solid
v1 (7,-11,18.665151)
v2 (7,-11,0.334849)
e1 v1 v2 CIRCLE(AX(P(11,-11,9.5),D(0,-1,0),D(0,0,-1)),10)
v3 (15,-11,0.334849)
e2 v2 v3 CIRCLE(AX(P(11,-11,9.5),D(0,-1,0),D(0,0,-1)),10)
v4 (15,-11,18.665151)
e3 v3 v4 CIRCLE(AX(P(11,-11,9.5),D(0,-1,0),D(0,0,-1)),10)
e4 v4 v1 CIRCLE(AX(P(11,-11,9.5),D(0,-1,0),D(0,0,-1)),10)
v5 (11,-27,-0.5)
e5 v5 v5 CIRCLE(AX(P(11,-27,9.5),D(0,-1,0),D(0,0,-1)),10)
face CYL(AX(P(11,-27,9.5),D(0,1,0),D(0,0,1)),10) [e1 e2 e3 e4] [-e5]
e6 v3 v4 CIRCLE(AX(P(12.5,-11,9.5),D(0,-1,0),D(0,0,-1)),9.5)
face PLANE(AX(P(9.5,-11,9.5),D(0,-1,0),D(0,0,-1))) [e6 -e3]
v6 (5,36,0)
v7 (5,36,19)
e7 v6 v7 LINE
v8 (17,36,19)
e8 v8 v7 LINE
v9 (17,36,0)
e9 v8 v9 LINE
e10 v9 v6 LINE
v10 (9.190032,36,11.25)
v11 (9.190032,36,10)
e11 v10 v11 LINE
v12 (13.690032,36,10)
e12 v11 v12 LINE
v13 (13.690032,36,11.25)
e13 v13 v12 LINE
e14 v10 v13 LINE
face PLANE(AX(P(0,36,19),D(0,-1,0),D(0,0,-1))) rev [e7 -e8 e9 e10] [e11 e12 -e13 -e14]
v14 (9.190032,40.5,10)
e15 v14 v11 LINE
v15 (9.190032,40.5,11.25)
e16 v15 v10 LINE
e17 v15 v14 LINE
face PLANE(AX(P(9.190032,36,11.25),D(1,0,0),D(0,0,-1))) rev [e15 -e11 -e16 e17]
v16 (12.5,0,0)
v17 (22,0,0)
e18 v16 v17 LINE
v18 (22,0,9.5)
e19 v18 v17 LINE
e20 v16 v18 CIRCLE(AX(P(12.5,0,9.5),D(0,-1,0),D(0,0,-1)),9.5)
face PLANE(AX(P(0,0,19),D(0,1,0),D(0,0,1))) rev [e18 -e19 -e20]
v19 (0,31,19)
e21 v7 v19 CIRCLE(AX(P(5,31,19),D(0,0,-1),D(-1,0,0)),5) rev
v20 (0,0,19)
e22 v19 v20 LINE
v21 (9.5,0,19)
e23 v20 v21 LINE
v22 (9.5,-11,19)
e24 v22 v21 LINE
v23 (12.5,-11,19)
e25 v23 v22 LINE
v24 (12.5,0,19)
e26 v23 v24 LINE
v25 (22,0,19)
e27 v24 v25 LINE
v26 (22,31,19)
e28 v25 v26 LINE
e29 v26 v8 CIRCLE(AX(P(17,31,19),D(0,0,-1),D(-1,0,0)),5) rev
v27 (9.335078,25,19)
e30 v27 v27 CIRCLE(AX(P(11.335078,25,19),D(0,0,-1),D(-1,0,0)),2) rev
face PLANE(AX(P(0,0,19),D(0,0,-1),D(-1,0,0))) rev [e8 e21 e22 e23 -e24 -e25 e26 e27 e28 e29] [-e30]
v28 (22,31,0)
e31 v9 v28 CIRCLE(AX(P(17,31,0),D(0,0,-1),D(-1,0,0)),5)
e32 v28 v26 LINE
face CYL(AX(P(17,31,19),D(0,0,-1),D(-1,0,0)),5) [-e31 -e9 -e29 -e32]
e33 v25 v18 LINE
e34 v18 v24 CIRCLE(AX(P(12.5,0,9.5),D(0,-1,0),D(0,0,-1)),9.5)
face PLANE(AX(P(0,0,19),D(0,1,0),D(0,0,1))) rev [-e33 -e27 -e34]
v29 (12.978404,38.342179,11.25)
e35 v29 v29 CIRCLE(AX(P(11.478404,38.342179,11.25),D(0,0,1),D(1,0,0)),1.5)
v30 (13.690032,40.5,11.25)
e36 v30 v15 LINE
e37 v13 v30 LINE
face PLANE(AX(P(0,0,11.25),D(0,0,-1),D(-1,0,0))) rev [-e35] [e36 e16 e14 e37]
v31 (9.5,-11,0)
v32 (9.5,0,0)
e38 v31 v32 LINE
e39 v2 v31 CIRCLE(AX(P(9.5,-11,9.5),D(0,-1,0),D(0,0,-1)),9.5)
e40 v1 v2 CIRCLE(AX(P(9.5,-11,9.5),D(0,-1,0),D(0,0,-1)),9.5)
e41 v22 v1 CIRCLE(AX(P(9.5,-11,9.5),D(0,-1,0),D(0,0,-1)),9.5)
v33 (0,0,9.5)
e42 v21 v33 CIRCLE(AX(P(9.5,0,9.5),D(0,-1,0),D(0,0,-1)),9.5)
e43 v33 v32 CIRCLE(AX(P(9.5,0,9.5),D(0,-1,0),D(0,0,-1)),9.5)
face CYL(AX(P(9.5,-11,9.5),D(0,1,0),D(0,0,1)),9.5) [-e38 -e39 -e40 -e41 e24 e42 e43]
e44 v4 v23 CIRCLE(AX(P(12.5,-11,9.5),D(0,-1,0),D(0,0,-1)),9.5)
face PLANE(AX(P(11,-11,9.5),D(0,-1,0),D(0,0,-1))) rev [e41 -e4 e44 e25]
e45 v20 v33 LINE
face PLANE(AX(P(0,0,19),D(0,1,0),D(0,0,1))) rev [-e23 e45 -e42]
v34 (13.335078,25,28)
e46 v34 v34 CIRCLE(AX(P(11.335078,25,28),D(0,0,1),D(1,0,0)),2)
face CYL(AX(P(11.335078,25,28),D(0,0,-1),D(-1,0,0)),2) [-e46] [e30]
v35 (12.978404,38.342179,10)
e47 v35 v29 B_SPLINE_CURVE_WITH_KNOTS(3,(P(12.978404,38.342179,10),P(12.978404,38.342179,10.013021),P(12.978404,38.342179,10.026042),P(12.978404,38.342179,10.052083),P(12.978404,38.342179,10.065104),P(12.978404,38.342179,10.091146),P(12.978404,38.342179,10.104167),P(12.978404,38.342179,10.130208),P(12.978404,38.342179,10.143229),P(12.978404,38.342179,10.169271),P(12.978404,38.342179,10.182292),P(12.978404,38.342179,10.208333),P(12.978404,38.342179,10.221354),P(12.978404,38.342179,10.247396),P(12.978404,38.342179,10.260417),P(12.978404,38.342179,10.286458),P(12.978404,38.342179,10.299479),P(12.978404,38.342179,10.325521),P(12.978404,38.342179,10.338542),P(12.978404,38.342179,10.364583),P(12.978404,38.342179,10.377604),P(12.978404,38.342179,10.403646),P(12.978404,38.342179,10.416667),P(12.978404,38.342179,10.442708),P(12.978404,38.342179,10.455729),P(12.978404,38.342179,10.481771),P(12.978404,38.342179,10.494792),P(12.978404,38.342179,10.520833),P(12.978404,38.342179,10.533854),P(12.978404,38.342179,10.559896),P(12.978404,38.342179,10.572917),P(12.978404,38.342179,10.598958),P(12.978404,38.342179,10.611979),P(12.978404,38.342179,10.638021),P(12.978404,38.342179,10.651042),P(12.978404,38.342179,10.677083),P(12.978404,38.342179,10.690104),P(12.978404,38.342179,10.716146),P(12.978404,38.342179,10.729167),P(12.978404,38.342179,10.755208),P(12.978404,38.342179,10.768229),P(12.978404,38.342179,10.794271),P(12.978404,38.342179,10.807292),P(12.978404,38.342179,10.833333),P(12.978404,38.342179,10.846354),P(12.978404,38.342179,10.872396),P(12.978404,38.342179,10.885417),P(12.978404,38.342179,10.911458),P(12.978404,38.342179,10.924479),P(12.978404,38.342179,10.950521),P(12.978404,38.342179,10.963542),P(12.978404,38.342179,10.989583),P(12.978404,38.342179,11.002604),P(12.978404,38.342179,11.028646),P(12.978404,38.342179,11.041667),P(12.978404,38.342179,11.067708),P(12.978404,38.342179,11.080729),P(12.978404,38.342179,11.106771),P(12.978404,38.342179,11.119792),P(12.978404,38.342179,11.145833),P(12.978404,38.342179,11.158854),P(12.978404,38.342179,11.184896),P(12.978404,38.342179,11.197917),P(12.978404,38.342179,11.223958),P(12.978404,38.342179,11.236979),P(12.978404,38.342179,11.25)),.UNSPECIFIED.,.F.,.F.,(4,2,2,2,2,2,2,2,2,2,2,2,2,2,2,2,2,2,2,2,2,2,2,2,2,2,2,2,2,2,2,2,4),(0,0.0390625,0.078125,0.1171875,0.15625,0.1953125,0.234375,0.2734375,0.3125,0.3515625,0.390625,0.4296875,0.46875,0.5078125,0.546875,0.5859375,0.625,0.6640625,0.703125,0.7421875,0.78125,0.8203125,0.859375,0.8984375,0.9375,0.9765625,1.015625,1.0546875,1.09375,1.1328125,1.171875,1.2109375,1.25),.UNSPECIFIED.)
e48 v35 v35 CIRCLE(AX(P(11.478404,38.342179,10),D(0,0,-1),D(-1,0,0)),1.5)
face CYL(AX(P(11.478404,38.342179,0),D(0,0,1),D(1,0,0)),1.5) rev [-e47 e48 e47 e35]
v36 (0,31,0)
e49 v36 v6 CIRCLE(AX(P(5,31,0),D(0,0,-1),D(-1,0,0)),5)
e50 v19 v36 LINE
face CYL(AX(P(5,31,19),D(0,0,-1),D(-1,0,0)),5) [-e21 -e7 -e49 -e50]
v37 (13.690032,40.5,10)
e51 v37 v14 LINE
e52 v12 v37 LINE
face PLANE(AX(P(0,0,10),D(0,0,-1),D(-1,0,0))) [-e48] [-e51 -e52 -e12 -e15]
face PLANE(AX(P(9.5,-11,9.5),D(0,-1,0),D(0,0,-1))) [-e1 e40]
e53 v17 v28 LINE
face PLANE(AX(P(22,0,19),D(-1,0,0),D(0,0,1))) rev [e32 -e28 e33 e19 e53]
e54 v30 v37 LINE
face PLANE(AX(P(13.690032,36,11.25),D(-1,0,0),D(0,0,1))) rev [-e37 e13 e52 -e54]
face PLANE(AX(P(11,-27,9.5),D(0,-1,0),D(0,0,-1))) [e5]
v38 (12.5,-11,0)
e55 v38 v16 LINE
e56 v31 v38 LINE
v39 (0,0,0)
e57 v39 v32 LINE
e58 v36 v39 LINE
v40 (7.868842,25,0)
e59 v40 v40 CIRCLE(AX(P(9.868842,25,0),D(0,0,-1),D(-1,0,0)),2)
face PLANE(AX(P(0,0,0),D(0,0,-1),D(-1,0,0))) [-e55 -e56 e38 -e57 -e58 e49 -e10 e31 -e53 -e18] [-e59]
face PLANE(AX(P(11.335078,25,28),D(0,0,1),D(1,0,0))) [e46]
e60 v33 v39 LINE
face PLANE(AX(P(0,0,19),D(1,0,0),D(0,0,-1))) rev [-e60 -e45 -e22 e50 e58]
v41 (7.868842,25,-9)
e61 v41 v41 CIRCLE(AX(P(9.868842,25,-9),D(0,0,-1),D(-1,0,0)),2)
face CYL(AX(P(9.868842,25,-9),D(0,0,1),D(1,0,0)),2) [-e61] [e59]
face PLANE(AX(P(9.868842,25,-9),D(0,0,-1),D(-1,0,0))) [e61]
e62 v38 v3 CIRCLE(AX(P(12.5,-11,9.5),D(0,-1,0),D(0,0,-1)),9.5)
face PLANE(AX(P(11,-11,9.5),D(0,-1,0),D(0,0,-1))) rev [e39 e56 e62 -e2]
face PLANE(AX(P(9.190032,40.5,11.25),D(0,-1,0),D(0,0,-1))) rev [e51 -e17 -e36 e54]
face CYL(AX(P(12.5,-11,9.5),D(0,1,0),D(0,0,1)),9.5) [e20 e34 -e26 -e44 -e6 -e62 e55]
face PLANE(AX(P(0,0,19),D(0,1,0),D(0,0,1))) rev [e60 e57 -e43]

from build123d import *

# Parameters (mm, degrees)
SKETCH_1_W          = 22
SKETCH_1_H          = 36
EXTRUDE_1_DEPTH     = 19
SKETCH_2_W          = 4.5
SKETCH_2_H          = 4.5
EXTRUDE_2_DEPTH     = 1.25
SKETCH_3_R          = 1.5
CUT_EXTRUDE_1_DEPTH = 48.442728631
EXTRUDE_3_DEPTH     = 11
SKETCH_5_R          = 10
EXTRUDE_4_DEPTH     = 16
FILLET_1_R          = 5
SKETCH_6_R          = 2
EXTRUDE_5_DEPTH     = 9
SKETCH_7_R          = 2
EXTRUDE_6_DEPTH     = 9


with BuildPart() as part:
    # ｽｹｯﾁ1 → ﾎﾞｽ - 押し出し1 (new body)
    with BuildSketch(Plane.XY):
        with Locations((11, 18)):
            Rectangle(SKETCH_1_W, SKETCH_1_H)
    extrude(amount=EXTRUDE_1_DEPTH)

    # ｽｹｯﾁ2 → ﾎﾞｽ - 押し出し2 (add)
    with BuildSketch(Plane.XY.offset(10)):
        with Locations((11.44003241, 38.25)):
            Rectangle(SKETCH_2_W, SKETCH_2_H)
    extrude(amount=EXTRUDE_2_DEPTH)

    # ｽｹｯﾁ3 → ｶｯﾄ - 押し出し1 (cut, through all)
    with BuildSketch(Plane.XY.offset(11.25)):
        with Locations((11.478404316, 38.342178873)):
            Circle(SKETCH_3_R)
    extrude(amount=-CUT_EXTRUDE_1_DEPTH, mode=Mode.SUBTRACT)

    # ｽｹｯﾁ4 → ﾎﾞｽ - 押し出し3 (add)
    with BuildSketch(Plane.XZ):
        with BuildLine():
            Line((9.5, 19), (12.5, 19))
            ThreePointArc((12.5, 19), (22, 9.5), (12.5, 0))
            Line((12.5, 0), (9.5, 0))
            ThreePointArc((9.5, 0), (0, 9.5), (9.5, 19))
        make_face()
    extrude(amount=EXTRUDE_3_DEPTH)

    # ｽｹｯﾁ5 → ﾎﾞｽ - 押し出し4 (add)
    with BuildSketch(Plane.XZ.offset(11)):
        with Locations(Location((11, 9.5, 0), (0, 0, 113.578178478))):
            Circle(SKETCH_5_R)
    extrude(amount=EXTRUDE_4_DEPTH)

    # ﾌｨﾚｯﾄ1
    fillet_1_edges = [part.edges().sort_by_distance(p)[0] for p in [
        (0, 36, 9.5),
        (22, 36, 9.5),
    ]]
    fillet(fillet_1_edges, radius=FILLET_1_R)

    # ｽｹｯﾁ6 → ﾎﾞｽ - 押し出し5 (add)
    with BuildSketch(Plane(origin=(0, 0, 0), x_dir=(-1, 0, 0), z_dir=(0, 0, -1))):
        with Locations((-9.86884227, 25)):
            Circle(SKETCH_6_R)
    extrude(amount=EXTRUDE_5_DEPTH)

    # ｽｹｯﾁ7 → ﾎﾞｽ - 押し出し6 (add)
    with BuildSketch(Plane.XY.offset(19)):
        with Locations(Location((11.335077521, 25, 0), (0, 0, 180))):
            Circle(SKETCH_7_R)
    extrude(amount=EXTRUDE_6_DEPTH)


solid = part.part
